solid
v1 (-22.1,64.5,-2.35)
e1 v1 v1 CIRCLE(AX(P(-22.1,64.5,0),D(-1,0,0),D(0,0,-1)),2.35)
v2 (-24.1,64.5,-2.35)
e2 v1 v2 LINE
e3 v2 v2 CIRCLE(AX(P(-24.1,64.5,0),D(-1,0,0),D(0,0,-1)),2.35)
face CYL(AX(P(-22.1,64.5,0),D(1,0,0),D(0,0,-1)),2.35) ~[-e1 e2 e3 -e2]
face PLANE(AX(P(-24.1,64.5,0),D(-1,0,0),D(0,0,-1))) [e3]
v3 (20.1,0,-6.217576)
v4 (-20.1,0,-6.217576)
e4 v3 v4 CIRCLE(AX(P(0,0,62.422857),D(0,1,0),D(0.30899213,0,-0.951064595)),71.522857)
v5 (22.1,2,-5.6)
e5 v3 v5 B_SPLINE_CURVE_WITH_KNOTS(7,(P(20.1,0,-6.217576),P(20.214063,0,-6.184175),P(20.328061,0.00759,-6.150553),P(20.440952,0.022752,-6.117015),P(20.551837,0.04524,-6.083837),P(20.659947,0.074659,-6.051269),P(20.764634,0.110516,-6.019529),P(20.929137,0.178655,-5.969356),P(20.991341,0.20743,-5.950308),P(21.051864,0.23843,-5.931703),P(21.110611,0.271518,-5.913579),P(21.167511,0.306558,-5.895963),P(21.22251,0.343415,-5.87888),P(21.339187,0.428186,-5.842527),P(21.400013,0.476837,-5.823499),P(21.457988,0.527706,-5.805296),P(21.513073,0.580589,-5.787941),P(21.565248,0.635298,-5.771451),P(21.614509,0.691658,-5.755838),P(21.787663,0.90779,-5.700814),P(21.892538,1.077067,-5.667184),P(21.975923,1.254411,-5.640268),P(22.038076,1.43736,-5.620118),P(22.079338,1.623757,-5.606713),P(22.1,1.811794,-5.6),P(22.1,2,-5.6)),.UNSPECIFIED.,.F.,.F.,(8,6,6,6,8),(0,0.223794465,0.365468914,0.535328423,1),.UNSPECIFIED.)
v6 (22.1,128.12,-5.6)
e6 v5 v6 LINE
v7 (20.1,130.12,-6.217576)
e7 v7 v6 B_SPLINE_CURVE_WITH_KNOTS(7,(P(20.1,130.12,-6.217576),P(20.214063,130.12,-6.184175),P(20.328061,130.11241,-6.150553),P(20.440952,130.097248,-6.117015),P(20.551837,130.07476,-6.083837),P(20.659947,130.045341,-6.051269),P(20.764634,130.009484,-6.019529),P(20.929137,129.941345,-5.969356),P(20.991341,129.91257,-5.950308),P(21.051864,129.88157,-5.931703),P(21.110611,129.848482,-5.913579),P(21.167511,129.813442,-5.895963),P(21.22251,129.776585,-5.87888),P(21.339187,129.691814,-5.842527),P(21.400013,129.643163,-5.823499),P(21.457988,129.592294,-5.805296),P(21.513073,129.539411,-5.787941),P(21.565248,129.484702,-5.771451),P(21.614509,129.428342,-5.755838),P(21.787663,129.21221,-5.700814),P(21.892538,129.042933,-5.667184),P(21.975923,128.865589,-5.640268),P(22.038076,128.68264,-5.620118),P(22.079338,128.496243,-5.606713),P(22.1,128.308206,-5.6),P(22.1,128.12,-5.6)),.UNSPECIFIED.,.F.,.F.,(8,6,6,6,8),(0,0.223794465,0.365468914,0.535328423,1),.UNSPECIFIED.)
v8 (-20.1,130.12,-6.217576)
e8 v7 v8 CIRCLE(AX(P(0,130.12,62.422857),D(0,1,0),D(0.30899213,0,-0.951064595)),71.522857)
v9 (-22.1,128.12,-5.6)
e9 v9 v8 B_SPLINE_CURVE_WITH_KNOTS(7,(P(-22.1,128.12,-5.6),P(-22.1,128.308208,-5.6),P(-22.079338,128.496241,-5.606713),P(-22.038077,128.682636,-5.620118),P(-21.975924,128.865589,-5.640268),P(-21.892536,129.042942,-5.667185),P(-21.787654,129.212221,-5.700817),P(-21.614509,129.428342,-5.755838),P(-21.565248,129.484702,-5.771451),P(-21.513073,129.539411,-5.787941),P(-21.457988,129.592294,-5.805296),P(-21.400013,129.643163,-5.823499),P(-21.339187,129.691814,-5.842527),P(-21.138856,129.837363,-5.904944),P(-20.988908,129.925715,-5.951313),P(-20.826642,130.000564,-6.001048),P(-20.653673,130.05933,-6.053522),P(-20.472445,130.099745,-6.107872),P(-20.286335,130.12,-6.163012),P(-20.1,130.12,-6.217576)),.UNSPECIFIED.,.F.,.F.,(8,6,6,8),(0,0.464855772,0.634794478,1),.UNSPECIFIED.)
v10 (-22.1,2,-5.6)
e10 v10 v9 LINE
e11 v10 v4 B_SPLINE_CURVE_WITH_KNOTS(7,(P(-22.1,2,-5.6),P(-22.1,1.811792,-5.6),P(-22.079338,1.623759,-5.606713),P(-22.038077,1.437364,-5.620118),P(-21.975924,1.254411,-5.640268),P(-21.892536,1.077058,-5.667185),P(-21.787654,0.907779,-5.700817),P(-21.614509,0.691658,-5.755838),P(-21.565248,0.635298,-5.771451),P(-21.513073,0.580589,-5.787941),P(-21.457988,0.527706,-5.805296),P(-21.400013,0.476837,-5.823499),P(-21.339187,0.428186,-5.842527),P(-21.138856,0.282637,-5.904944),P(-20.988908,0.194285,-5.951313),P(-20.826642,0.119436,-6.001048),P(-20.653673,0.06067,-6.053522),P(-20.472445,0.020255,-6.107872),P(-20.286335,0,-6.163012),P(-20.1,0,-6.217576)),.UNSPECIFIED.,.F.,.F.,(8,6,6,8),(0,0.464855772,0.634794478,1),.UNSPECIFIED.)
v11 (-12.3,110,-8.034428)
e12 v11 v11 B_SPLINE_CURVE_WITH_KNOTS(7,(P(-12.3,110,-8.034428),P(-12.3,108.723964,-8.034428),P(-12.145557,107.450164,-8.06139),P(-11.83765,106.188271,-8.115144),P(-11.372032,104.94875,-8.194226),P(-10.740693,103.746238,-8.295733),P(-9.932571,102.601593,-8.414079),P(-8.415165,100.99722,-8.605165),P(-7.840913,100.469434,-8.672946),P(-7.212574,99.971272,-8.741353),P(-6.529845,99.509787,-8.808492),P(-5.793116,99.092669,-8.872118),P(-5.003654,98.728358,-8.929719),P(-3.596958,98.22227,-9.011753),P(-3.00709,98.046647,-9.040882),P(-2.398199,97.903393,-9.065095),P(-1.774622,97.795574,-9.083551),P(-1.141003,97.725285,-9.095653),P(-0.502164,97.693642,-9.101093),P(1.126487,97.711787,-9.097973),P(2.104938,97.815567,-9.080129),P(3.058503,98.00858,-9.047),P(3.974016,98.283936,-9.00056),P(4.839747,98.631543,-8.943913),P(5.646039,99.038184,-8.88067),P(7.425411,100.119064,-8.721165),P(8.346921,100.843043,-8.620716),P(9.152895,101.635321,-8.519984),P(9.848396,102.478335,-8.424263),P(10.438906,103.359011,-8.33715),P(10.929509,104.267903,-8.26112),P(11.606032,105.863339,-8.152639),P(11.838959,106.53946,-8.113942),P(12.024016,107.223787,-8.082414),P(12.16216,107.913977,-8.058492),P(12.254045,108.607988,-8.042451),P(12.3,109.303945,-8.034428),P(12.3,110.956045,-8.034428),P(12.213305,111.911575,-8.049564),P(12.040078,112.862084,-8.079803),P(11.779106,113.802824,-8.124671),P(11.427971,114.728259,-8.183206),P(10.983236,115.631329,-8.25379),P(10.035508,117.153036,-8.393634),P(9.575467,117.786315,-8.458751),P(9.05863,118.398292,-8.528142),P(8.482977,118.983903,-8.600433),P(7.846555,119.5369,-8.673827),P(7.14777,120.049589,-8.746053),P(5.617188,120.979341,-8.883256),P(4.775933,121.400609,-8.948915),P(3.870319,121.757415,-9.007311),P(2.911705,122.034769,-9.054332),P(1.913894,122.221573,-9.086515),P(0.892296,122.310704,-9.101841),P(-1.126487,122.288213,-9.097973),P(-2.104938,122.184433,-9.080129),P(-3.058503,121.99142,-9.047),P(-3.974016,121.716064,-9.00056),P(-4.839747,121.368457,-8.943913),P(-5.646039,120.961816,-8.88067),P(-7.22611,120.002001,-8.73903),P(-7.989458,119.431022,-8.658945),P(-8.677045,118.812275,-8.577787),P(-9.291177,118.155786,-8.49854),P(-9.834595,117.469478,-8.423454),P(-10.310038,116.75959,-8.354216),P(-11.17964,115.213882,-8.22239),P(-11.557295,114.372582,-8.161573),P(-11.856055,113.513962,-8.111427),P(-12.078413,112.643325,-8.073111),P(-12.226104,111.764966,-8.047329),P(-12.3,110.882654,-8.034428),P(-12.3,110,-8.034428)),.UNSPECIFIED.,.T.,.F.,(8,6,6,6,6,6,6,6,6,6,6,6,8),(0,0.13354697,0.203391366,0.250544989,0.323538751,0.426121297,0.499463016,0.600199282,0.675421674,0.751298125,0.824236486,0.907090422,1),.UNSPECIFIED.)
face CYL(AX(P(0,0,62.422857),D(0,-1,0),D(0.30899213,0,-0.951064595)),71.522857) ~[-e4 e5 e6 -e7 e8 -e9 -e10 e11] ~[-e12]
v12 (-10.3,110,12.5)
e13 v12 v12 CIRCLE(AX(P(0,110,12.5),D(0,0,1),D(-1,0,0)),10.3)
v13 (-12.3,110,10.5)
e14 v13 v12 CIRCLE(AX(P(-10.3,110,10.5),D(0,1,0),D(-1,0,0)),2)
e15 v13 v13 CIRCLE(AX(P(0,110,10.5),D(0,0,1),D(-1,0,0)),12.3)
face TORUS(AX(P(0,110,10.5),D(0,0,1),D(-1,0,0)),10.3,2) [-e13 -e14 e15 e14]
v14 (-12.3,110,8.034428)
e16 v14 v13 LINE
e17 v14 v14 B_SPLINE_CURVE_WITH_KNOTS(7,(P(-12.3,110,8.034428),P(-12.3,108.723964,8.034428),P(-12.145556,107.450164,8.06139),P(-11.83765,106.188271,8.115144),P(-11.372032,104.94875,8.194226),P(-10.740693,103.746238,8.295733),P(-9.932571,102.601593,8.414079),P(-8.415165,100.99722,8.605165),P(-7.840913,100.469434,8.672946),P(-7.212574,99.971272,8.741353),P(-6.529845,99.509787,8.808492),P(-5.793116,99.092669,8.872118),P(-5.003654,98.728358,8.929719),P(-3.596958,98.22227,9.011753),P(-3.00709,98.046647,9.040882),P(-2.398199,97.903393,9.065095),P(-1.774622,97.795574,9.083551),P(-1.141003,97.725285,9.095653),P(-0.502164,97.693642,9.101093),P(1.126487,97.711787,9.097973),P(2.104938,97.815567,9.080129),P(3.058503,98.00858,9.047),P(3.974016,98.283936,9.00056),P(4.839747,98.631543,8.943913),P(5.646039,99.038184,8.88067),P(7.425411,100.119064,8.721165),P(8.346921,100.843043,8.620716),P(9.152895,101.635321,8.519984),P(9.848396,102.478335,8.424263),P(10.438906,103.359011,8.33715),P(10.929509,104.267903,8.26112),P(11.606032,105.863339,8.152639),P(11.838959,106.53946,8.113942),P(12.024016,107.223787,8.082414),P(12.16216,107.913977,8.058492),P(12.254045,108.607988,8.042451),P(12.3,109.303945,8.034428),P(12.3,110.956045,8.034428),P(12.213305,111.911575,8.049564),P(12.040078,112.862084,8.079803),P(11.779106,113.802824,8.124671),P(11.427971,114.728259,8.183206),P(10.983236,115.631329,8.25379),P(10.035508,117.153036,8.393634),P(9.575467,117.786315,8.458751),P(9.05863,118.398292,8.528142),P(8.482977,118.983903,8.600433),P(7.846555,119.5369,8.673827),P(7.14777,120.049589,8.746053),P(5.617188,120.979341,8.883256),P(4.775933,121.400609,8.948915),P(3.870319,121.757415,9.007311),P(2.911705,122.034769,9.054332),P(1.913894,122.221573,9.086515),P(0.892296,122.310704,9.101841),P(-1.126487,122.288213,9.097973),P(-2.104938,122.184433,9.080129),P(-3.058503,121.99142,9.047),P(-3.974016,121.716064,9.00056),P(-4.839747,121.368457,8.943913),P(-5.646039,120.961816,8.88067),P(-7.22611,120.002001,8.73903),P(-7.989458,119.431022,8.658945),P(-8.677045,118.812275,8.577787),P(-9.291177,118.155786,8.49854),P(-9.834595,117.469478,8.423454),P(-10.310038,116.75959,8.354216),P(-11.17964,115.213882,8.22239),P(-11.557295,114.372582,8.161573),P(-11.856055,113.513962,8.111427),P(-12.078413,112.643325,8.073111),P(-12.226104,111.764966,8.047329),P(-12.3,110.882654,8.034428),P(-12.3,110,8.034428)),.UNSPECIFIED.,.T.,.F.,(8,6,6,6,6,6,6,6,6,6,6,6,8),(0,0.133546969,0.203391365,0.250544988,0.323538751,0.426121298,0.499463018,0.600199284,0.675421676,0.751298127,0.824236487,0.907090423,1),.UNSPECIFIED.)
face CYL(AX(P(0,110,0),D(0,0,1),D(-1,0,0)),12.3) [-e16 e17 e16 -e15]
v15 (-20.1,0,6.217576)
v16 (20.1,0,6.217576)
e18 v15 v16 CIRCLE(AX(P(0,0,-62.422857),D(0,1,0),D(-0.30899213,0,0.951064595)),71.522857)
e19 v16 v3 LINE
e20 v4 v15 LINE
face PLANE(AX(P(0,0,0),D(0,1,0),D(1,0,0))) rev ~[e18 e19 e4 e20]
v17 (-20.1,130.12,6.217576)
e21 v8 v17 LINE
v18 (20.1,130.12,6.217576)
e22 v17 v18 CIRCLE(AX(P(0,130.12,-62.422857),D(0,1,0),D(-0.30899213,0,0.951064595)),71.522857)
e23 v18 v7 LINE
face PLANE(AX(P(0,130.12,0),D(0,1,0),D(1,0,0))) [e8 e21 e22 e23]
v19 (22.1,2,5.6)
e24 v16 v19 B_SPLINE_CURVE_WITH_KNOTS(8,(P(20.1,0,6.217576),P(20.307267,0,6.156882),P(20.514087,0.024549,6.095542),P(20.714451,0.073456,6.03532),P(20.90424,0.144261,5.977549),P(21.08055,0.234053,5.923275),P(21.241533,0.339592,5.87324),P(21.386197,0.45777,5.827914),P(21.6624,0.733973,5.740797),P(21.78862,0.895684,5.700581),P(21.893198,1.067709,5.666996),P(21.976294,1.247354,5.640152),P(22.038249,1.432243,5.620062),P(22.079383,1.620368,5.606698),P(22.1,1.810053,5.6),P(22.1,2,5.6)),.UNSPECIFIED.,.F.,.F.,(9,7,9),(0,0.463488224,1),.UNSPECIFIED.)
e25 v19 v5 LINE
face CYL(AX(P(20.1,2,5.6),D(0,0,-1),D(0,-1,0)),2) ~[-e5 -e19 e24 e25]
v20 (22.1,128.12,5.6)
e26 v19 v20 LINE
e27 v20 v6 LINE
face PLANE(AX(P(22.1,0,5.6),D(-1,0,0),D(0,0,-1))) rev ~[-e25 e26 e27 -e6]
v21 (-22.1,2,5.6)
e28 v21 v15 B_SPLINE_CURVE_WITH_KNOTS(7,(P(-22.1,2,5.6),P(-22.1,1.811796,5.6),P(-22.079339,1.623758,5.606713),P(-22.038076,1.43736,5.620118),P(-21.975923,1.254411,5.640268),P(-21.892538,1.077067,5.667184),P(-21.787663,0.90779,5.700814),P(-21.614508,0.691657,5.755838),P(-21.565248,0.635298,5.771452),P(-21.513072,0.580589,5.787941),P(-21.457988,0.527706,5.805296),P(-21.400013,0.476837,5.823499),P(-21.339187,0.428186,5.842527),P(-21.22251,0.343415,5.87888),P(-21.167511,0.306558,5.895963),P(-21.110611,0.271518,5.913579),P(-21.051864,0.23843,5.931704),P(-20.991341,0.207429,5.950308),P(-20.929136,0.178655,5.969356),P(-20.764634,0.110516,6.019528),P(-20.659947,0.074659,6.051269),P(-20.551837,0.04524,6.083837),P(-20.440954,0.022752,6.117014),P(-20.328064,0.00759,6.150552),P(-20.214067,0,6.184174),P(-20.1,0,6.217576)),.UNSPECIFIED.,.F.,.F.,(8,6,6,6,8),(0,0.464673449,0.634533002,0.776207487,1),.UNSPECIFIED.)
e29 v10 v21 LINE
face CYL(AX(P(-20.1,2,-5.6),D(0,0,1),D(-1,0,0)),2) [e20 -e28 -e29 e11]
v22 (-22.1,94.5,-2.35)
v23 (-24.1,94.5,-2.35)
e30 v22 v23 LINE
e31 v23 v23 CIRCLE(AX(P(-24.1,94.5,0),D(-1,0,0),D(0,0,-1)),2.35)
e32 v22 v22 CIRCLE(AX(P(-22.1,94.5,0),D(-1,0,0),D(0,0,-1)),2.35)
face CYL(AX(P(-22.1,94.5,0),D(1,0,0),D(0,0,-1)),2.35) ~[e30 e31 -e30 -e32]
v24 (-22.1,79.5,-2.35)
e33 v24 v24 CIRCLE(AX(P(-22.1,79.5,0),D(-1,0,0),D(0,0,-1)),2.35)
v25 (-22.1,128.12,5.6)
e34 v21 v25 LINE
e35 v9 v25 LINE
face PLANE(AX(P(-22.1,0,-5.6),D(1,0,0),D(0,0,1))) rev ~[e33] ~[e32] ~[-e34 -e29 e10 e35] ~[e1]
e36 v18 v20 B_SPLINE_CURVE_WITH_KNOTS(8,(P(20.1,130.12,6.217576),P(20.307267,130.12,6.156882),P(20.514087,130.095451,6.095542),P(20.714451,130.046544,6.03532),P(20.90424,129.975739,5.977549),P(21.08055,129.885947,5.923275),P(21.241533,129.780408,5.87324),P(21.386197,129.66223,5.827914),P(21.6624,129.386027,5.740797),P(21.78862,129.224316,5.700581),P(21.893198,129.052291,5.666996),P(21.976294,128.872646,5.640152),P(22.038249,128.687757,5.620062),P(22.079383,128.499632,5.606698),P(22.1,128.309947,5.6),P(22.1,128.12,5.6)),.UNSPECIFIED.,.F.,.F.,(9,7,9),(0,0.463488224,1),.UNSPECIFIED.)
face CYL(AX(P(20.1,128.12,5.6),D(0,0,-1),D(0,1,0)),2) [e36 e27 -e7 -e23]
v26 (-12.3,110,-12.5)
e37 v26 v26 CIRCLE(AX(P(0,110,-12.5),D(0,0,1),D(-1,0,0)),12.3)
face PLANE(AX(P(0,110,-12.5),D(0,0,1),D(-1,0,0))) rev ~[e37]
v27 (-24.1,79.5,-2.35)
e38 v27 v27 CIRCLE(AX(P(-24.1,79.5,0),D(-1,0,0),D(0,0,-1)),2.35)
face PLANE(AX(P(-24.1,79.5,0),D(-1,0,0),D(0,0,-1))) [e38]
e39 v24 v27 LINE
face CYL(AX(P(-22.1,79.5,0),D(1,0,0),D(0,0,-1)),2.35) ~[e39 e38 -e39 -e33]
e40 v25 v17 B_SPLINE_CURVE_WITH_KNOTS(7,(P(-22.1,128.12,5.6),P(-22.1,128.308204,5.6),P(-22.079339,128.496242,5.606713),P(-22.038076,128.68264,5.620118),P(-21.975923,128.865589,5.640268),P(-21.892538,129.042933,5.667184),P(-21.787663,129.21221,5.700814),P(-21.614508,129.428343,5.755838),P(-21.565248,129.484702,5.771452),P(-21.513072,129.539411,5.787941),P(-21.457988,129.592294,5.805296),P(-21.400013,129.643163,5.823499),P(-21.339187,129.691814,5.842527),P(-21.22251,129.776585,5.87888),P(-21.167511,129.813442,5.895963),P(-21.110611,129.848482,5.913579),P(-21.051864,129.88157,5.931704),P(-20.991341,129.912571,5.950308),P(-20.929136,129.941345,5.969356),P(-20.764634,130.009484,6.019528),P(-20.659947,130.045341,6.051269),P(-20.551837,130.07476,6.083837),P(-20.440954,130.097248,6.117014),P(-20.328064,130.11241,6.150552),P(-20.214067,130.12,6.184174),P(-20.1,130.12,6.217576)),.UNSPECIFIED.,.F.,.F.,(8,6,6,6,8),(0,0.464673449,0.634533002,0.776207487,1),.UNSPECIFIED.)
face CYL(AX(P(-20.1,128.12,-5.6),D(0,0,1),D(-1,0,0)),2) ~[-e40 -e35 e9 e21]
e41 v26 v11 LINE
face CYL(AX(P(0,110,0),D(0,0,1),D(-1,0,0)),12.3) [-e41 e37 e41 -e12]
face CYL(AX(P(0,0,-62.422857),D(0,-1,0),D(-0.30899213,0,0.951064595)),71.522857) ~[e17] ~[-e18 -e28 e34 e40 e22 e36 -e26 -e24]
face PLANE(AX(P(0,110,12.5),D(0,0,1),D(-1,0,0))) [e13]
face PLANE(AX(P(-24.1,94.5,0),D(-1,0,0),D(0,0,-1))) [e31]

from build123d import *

# Parameters (mm, degrees)
BOSS_EXTRUDE1_DEPTH = 130.12
SKETCH6_R           = 12.3
BOSS_EXTRUDE2_DEPTH = 12.5
SKETCH7_R           = 2.35
BOSS_EXTRUDE3_DEPTH = 2
FILLET1_R           = 2
FILLET2_R           = 2
FILLET3_R           = 2


with BuildPart() as part:
    # Sketch5 → Boss-Extrude1 (new body)
    with BuildSketch(Plane(origin=(0, 0, 0), x_dir=(1, 0, 0), z_dir=(0, 1, 0))):
        with BuildLine():
            Line((-22.1, 5.6), (-22.1, -5.6))
            ThreePointArc((-22.1, -5.6), (0, -9.1), (22.1, -5.6))
            Line((22.1, -5.6), (22.1, 5.6))
            ThreePointArc((22.1, 5.6), (0, 9.1), (-22.1, 5.6))
        make_face()
    extrude(amount=BOSS_EXTRUDE1_DEPTH)

    # Sketch6 → Boss-Extrude2 (add, symmetric)
    with BuildSketch(Plane.XY):
        with Locations(Location((0, 110, 0), (0, 0, 180))):
            Circle(SKETCH6_R)
    extrude(amount=BOSS_EXTRUDE2_DEPTH, both=True)

    # Sketch7 → Boss-Extrude3 (add)
    with BuildSketch(Plane.ZY.offset(22.1)):
        with Locations(Location((0, 94.5, 0), (0, 0, 180))):
            Circle(SKETCH7_R)
        with Locations(Location((0, 79.5, 0), (0, 0, 180))):
            Circle(SKETCH7_R)
        with Locations(Location((0, 64.5, 0), (0, 0, 180))):
            Circle(SKETCH7_R)
    extrude(amount=BOSS_EXTRUDE3_DEPTH)

    # Fillet1
    fillet1_edges = [part.edges().sort_by_distance(p)[0] for p in [
        (12.3, 110, 12.5),
    ]]
    fillet(fillet1_edges, radius=FILLET1_R)

    # Fillet2
    fillet2_edges = [part.edges().sort_by_distance(p)[0] for p in [
        (22.1, 130.12, 0),
        (-22.1, 130.12, 0),
    ]]
    fillet(fillet2_edges, radius=FILLET2_R)

    # Fillet3
    fillet3_edges = [part.edges().sort_by_distance(p)[0] for p in [
        (22.1, 0, 0),
        (-22.1, 0, 0),
    ]]
    fillet(fillet3_edges, radius=FILLET3_R)


solid = part.part
